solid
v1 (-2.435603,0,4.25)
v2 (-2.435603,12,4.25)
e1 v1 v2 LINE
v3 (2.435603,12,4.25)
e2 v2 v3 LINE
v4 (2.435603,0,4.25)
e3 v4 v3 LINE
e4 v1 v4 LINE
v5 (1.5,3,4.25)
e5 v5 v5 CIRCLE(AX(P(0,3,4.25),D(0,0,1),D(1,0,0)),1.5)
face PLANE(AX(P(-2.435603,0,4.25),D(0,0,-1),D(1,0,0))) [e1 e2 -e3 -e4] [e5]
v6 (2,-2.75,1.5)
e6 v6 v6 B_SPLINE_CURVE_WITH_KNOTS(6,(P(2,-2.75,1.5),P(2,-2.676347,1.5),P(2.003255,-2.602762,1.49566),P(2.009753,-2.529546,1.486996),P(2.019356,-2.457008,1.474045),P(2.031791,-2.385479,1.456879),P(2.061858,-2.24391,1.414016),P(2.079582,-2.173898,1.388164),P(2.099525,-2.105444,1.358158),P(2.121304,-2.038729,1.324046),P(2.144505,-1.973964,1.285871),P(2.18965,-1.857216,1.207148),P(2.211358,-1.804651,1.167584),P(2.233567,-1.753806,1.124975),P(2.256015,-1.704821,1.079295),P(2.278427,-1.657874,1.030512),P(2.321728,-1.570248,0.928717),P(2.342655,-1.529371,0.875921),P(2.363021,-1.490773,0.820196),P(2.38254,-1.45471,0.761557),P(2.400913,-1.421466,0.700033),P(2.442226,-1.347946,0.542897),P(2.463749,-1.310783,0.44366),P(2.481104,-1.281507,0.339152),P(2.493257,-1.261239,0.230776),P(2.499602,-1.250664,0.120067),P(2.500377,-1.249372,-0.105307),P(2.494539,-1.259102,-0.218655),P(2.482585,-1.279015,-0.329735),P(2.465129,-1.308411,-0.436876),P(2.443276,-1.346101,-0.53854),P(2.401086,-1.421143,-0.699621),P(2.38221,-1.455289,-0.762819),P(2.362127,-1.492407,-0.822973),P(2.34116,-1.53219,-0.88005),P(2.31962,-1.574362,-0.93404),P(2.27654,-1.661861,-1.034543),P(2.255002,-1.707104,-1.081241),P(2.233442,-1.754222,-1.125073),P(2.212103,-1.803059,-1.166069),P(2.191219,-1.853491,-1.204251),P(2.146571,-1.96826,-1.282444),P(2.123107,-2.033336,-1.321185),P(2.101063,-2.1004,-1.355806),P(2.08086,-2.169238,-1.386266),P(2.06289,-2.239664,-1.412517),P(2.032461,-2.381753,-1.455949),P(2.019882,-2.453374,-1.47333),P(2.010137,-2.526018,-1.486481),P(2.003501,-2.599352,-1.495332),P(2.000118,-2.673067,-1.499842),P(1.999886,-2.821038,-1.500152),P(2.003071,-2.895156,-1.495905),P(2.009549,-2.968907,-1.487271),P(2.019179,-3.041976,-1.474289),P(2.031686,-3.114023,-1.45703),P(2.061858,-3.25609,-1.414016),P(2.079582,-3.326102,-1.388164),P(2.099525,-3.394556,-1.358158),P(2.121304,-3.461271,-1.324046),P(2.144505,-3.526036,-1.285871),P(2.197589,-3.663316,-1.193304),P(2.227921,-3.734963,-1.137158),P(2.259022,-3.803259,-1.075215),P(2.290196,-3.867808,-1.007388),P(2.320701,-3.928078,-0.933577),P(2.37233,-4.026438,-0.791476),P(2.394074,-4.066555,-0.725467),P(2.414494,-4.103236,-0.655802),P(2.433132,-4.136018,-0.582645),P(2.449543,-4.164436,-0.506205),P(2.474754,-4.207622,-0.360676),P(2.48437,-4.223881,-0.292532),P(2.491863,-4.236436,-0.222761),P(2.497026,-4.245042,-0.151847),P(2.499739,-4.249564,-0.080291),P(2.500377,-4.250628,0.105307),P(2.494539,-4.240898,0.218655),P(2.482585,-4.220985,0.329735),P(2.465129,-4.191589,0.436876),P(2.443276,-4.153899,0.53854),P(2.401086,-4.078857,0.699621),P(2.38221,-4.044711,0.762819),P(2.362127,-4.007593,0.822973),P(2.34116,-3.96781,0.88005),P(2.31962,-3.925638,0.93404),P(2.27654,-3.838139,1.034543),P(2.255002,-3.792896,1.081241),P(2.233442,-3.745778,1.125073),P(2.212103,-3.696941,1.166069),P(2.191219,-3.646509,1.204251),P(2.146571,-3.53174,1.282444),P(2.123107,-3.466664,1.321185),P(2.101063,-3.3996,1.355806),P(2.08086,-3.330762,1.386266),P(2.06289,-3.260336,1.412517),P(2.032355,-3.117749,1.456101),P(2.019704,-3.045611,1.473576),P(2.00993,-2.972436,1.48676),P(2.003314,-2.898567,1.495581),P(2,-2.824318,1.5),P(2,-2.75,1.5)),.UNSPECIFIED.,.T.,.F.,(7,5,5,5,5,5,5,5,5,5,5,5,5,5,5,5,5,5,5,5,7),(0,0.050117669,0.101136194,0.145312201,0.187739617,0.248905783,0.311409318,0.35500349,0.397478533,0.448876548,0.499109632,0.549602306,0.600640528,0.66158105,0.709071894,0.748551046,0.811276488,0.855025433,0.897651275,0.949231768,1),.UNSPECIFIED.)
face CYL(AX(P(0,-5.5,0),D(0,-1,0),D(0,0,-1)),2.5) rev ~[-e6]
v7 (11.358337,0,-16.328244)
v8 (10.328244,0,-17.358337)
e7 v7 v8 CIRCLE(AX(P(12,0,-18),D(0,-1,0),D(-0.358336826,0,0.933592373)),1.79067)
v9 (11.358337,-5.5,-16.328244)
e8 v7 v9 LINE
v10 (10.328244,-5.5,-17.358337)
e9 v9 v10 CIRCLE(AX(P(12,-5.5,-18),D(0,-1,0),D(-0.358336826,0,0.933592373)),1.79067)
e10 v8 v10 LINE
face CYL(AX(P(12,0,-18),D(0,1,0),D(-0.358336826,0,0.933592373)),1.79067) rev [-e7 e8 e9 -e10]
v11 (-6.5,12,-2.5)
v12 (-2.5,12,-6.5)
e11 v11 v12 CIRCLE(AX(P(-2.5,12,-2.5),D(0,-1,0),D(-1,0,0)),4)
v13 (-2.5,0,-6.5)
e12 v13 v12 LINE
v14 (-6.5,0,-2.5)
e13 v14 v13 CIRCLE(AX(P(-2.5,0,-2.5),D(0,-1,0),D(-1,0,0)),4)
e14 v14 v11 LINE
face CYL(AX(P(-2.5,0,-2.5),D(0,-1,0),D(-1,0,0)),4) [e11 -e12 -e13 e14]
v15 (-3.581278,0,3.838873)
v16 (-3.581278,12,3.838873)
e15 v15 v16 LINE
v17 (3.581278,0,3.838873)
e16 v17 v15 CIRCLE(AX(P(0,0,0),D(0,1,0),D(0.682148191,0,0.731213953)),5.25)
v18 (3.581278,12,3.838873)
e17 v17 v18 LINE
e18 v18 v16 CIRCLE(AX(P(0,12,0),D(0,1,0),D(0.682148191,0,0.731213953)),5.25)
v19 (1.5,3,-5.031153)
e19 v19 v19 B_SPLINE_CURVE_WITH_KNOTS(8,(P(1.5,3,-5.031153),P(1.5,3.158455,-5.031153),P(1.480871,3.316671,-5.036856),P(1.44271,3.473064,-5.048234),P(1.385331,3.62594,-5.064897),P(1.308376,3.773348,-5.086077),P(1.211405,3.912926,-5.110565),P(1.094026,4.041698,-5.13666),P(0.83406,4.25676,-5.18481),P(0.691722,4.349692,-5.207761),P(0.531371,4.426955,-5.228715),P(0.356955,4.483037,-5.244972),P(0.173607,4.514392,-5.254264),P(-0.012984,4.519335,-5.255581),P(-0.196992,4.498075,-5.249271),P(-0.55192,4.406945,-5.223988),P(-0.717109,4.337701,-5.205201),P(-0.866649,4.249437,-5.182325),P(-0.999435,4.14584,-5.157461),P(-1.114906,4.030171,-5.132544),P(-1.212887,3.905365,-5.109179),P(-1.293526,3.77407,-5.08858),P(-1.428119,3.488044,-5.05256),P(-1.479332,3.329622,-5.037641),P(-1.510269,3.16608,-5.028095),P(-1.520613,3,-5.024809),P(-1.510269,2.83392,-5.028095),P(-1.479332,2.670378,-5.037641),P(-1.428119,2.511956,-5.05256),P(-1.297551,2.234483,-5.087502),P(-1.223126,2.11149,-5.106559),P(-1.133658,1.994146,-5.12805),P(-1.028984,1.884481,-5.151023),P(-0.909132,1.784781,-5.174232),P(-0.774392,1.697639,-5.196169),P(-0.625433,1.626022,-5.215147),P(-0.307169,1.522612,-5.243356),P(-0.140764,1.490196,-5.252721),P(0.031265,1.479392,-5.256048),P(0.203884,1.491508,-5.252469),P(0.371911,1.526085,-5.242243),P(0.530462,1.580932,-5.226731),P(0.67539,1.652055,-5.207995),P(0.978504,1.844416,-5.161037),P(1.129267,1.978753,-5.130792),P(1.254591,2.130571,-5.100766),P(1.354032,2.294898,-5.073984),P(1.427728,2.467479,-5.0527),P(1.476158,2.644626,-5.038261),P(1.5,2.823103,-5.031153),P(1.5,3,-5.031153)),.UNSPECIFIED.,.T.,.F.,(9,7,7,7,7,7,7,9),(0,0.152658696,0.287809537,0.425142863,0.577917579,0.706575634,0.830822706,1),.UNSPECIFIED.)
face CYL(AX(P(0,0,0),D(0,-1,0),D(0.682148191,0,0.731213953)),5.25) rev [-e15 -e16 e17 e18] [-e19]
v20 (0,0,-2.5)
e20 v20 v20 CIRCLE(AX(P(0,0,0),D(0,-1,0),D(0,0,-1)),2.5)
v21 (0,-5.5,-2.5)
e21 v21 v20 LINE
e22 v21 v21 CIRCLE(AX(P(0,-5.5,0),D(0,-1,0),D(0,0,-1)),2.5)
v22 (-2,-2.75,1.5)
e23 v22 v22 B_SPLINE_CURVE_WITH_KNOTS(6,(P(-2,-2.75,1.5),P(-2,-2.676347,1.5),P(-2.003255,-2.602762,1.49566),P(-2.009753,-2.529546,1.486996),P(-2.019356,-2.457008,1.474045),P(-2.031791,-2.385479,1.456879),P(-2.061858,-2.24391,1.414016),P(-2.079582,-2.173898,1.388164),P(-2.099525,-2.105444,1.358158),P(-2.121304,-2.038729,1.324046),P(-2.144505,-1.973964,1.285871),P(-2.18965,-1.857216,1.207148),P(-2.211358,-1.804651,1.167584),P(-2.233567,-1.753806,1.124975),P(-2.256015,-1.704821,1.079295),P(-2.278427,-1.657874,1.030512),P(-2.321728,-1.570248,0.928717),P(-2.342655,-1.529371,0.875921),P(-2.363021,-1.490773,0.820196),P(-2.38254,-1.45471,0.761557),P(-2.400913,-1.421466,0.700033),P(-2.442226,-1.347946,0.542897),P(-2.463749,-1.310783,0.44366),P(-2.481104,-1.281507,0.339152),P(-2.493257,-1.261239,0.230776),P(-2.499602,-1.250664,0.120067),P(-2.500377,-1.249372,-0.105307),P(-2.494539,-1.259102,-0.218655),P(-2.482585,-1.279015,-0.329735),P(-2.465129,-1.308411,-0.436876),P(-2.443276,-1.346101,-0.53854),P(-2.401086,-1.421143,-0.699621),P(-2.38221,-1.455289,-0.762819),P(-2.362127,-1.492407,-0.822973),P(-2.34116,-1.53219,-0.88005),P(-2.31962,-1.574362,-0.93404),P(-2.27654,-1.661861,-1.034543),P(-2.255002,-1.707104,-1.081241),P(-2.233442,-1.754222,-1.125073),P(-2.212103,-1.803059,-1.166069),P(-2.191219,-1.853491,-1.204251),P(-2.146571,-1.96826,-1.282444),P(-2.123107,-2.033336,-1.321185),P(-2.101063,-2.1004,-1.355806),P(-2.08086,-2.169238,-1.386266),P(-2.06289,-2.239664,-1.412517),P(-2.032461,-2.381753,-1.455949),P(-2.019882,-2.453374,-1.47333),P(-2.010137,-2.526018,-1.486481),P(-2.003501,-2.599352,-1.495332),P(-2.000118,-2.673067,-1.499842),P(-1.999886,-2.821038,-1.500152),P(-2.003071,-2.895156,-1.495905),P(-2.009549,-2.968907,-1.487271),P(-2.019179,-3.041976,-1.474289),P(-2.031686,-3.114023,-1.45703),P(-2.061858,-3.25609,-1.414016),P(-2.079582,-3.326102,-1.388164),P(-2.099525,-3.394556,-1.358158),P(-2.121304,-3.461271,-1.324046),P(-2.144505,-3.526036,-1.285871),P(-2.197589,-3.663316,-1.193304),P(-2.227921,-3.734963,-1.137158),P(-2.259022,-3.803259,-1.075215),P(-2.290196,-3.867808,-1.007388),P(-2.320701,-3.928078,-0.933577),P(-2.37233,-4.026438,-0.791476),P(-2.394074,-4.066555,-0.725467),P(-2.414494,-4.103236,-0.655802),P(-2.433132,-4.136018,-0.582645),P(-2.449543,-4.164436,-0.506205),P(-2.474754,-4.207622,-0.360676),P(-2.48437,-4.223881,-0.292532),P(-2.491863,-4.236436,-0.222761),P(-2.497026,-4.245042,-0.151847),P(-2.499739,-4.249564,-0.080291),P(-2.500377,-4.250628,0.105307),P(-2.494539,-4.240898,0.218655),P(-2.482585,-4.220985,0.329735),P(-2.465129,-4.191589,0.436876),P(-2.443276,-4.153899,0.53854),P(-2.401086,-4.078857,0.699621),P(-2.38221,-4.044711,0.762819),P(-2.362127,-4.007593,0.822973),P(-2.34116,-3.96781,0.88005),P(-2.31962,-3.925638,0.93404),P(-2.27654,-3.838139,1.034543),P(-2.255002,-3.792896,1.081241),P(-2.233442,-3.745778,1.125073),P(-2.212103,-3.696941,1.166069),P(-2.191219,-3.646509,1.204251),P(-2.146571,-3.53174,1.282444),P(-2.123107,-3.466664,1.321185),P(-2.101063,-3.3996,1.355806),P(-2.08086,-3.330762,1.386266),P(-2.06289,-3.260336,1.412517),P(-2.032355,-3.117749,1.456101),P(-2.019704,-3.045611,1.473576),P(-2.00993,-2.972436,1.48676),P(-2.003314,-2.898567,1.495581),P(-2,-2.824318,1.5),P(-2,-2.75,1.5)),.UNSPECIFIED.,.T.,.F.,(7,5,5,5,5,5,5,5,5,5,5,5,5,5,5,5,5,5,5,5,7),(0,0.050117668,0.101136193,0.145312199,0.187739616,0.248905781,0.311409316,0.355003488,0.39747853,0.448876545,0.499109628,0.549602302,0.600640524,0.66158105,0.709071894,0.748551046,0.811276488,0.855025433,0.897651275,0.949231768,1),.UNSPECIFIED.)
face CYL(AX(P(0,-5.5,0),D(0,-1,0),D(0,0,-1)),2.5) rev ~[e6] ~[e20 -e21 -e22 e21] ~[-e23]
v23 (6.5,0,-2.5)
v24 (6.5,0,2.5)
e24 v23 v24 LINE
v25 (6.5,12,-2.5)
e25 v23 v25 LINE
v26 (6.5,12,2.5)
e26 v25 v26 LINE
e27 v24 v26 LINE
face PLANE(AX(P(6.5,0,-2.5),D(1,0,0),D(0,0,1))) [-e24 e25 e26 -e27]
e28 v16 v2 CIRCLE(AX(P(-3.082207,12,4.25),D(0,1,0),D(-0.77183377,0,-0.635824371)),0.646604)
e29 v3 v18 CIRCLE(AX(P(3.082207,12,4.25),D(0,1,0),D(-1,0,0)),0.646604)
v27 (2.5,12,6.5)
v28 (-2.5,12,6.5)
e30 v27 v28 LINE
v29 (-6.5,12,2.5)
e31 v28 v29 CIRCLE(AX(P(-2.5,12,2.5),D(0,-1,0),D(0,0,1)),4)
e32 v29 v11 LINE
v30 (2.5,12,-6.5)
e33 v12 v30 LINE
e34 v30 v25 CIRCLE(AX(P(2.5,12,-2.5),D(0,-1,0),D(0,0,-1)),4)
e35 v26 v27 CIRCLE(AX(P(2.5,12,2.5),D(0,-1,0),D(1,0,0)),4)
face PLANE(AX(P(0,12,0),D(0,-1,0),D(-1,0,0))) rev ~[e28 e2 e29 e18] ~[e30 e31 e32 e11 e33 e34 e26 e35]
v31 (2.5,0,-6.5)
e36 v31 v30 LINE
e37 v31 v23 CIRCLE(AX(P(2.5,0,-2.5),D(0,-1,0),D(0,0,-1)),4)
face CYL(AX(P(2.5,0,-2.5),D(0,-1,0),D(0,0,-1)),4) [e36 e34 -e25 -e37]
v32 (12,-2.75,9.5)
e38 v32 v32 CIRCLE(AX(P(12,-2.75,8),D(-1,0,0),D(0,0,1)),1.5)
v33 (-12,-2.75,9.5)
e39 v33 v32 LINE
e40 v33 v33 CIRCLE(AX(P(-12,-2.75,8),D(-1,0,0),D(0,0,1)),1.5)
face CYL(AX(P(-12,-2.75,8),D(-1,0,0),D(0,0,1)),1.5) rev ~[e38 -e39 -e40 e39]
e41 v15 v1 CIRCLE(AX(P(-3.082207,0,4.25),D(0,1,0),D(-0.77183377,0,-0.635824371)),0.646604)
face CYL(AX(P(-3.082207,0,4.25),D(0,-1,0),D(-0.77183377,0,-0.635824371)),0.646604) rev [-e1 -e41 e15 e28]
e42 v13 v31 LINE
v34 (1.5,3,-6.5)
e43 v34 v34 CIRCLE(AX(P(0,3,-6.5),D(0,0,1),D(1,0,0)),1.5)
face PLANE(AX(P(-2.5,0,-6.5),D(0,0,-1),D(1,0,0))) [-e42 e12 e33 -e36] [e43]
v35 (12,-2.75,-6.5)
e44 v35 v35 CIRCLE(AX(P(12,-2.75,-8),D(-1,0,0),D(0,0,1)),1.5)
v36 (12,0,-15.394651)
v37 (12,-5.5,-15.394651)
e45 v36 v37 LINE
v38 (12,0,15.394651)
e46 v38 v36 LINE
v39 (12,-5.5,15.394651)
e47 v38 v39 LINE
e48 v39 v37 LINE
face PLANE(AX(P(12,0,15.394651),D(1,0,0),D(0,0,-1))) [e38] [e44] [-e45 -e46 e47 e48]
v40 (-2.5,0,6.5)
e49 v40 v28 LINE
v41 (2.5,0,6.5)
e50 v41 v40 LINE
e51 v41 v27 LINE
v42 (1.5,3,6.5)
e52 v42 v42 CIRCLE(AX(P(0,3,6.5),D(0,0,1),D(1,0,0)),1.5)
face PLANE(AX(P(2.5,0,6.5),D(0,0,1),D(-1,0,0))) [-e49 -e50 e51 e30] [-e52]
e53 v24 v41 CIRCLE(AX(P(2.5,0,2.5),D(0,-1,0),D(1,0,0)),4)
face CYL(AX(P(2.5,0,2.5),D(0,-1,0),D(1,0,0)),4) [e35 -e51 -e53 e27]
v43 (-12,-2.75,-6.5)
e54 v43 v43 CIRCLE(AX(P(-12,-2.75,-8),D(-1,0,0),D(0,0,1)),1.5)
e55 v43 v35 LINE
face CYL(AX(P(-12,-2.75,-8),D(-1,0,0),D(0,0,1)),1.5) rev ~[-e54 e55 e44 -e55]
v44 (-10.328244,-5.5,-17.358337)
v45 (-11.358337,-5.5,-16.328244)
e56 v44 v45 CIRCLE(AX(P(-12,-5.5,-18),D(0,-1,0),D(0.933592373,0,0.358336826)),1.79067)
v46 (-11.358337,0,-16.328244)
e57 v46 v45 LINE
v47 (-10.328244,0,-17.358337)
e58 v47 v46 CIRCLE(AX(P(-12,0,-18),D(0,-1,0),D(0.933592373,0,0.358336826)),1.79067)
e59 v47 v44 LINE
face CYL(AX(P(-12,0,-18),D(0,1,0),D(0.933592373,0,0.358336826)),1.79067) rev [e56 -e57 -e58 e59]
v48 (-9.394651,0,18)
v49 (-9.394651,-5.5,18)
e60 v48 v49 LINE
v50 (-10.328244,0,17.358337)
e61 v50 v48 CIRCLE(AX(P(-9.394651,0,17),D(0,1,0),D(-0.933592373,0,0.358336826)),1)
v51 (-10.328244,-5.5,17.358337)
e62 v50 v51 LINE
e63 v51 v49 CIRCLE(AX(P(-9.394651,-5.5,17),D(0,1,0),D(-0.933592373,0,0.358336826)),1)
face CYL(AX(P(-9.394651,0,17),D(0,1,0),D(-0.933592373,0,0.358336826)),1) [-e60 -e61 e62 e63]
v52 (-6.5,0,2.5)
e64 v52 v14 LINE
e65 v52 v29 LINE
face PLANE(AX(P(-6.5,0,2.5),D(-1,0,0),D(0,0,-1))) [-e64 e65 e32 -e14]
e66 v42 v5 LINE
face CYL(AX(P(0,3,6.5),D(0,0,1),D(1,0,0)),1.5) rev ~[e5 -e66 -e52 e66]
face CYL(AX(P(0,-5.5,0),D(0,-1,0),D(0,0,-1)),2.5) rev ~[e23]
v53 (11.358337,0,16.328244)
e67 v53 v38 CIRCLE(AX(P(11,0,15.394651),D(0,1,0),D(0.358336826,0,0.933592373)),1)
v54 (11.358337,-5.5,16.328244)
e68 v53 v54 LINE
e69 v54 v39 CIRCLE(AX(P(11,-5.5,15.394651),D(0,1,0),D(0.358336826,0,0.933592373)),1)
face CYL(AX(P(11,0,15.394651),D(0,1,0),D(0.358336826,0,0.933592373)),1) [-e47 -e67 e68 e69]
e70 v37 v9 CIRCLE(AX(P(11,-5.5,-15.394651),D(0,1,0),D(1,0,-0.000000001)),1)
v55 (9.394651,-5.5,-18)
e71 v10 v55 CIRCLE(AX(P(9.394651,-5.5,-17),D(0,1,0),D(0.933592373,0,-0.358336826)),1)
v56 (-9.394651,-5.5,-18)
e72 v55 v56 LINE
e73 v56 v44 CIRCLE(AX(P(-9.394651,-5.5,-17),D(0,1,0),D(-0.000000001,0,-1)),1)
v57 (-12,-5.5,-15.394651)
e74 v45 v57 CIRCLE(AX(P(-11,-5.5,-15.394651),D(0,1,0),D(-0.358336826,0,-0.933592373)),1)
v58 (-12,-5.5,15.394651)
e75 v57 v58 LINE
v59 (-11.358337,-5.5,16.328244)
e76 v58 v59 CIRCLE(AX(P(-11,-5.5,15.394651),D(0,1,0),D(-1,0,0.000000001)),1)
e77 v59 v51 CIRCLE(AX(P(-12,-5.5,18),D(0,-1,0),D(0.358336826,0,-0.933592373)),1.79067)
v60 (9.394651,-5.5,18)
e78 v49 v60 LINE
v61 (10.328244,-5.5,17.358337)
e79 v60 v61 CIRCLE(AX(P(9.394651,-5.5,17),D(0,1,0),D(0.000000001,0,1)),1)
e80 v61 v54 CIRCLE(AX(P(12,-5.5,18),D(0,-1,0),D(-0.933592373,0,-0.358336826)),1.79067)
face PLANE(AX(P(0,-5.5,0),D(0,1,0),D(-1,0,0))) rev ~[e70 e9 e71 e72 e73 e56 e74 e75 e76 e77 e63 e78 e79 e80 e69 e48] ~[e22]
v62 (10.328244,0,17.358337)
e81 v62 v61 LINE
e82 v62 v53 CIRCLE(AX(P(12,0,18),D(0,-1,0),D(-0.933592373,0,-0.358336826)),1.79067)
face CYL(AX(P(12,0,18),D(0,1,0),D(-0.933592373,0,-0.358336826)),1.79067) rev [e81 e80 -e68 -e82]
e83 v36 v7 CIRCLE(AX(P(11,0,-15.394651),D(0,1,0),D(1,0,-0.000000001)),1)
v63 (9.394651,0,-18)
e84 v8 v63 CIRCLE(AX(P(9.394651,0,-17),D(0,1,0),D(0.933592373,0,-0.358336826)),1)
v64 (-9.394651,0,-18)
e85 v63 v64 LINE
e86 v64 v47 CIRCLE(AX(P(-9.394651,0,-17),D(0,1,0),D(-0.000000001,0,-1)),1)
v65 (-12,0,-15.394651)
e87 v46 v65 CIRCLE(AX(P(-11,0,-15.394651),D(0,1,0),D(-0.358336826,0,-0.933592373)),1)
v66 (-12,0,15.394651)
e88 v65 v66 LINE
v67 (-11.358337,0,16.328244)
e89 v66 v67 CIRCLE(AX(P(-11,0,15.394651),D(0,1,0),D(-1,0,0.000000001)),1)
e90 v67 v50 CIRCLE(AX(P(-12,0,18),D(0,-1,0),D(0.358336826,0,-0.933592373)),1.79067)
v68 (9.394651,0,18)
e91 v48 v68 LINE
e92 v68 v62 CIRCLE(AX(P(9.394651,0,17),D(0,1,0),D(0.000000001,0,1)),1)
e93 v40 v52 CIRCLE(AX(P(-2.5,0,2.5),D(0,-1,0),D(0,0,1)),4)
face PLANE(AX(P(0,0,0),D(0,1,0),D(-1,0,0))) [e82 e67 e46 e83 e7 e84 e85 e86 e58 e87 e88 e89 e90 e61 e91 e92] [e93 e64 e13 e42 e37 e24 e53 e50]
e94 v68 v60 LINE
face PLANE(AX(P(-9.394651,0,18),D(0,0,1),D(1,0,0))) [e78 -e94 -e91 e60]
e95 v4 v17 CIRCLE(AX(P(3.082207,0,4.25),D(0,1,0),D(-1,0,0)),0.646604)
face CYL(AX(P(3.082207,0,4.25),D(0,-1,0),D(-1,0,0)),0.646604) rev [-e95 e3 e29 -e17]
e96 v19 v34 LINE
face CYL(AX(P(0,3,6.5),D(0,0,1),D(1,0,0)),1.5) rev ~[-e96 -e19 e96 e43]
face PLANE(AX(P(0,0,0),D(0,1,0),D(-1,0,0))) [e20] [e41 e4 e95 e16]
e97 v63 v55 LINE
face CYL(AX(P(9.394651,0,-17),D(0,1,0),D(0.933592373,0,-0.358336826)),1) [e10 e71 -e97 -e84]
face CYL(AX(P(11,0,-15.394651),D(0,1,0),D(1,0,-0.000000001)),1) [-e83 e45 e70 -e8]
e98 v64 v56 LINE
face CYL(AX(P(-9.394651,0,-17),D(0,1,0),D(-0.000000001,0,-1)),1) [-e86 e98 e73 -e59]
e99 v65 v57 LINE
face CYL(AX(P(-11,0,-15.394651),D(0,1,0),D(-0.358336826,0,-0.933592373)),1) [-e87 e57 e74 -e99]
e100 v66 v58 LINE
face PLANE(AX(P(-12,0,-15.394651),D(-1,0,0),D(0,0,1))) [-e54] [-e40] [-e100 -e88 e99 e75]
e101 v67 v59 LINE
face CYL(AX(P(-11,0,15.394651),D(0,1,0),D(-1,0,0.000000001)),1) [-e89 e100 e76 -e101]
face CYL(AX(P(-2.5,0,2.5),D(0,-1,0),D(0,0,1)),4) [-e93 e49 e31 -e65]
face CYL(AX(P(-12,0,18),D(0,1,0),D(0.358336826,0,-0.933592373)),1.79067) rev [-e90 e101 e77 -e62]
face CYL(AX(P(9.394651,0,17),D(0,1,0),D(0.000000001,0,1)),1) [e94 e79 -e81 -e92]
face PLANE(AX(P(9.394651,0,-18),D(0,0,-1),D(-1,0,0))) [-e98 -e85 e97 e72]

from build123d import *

# Parameters (mm, degrees)
EXTRUDE_1_DEPTH     = 12
EXTRUDE_3_DEPTH     = 5.5
SKETCH_6_R          = 1.5
CUT_EXTRUDE_2_DEPTH = 31
SKETCH_7_R          = 1.5
CUT_EXTRUDE_3_DEPTH = 31
SKETCH_8_R          = 2.5
CUT_EXTRUDE_5_DEPTH = 31
EXTRUDE_START       = -24
SKETCH_9_R          = 1.5
EXTRUDE_4_DEPTH     = 24
SKETCH_10_R         = 2.5
CUT_EXTRUDE_6_DEPTH = 24


with BuildPart() as part:
    # 草图1 → 凸台-拉伸1 (new body)
    with BuildSketch(Plane(origin=(0, 0, 0), x_dir=(1, 0, 0), z_dir=(0, 1, 0))):
        with BuildLine():
            ThreePointArc((6.5, -2.5), (5.328427125, -5.328427125), (2.5, -6.5))
            Line((2.5, -6.5), (-2.5, -6.5))
            ThreePointArc((-2.5, -6.5), (-5.328427125, -5.328427125), (-6.5, -2.5))
            Line((-6.5, -2.5), (-6.5, 2.5))
            ThreePointArc((-6.5, 2.5), (-5.328427125, 5.328427125), (-2.5, 6.5))
            Line((-2.5, 6.5), (2.5, 6.5))
            ThreePointArc((2.5, 6.5), (5.328427125, 5.328427125), (6.5, 2.5))
            Line((6.5, 2.5), (6.5, -2.5))
        make_face()
        with BuildLine():
            ThreePointArc((3.581278005, -3.838873253), (0, 5.25), (-3.581278005, -3.838873253))
            ThreePointArc((-3.581278005, -3.838873253), (-3.300605298, -4.858604348), (-2.435602742, -4.25))
            Line((-2.435602742, -4.25), (2.435602742, -4.25))
            ThreePointArc((2.435602742, -4.25), (3.300605298, -4.858604348), (3.581278005, -3.838873253))
        make_face(mode=Mode.SUBTRACT)
    extrude(amount=EXTRUDE_1_DEPTH)

    # 草图3 → 凸台-拉伸3 (add)
    with BuildSketch(Plane.XZ):
        with BuildLine():
            Line((12, 15.394651328), (12, -15.394651328))
            ThreePointArc((12, -15.394651328), (11.824116747, -15.961071302), (11.358336826, -16.328243701))
            ThreePointArc((11.358336826, -16.328243701), (10.733804764, -16.733804764), (10.328243701, -17.358336826))
            ThreePointArc((10.328243701, -17.358336826), (9.961071302, -17.824116747), (9.394651328, -18))
            Line((9.394651328, -18), (-9.394651328, -18))
            ThreePointArc((-9.394651328, -18), (-9.961071302, -17.824116747), (-10.328243701, -17.358336826))
            ThreePointArc((-10.328243701, -17.358336826), (-10.733804764, -16.733804764), (-11.358336826, -16.328243701))
            ThreePointArc((-11.358336826, -16.328243701), (-11.824116747, -15.961071302), (-12, -15.394651328))
            Line((-12, -15.394651328), (-12, 15.394651328))
            ThreePointArc((-12, 15.394651328), (-11.824116747, 15.961071302), (-11.358336826, 16.328243701))
            ThreePointArc((-11.358336826, 16.328243701), (-10.733804764, 16.733804764), (-10.328243701, 17.358336826))
            ThreePointArc((-10.328243701, 17.358336826), (-9.961071302, 17.824116747), (-9.394651328, 18))
            Line((-9.394651328, 18), (9.394651328, 18))
            ThreePointArc((9.394651328, 18), (9.961071302, 17.824116747), (10.328243701, 17.358336826))
            ThreePointArc((10.328243701, 17.358336826), (10.733804764, 16.733804764), (11.358336826, 16.328243701))
            ThreePointArc((11.358336826, 16.328243701), (11.824116747, 15.961071302), (12, 15.394651328))
        make_face()
    extrude(amount=EXTRUDE_3_DEPTH)

    # 草图6 → 切除-拉伸2 (cut)
    with BuildSketch(Plane.ZY.offset(12)):
        with Locations((0, -2.75)):
            Circle(SKETCH_6_R)
        with Locations((8, -2.75)):
            Circle(SKETCH_6_R)
        with Locations((-8, -2.75)):
            Circle(SKETCH_6_R)
    extrude(amount=-CUT_EXTRUDE_2_DEPTH, mode=Mode.SUBTRACT)

    # 草图7 → 切除-拉伸3 (cut)
    with BuildSketch(Plane.XY.offset(6.5)):
        with Locations((0, 3)):
            Circle(SKETCH_7_R)
    extrude(amount=-CUT_EXTRUDE_3_DEPTH, mode=Mode.SUBTRACT)

    # 草图8 → 切除-拉伸5 (cut)
    with BuildSketch(Plane.XZ.offset(5.5)):
        with Locations(Location((0, 0, 0), (0, 0, 270))):
            Circle(SKETCH_8_R)
    extrude(amount=-CUT_EXTRUDE_5_DEPTH, mode=Mode.SUBTRACT)

    # 草图9 → 凸台-拉伸4 (add)
    with BuildSketch(Plane(origin=(12, 0, 0), x_dir=(0, 0, -1), z_dir=(1, 0, 0)).offset(EXTRUDE_START)):
        with Locations(Location((0, -2.75, 0), (0, 0, 180))):
            Circle(SKETCH_9_R)
    extrude(amount=EXTRUDE_4_DEPTH)

    # 草图10 → 切除-拉伸6 (cut)
    with BuildSketch(Plane.XZ.offset(5.5)):
        with Locations(Location((0, 0, 0), (0, 0, 270))):
            Circle(SKETCH_10_R)
    extrude(amount=-CUT_EXTRUDE_6_DEPTH, mode=Mode.SUBTRACT)


solid = part.part
